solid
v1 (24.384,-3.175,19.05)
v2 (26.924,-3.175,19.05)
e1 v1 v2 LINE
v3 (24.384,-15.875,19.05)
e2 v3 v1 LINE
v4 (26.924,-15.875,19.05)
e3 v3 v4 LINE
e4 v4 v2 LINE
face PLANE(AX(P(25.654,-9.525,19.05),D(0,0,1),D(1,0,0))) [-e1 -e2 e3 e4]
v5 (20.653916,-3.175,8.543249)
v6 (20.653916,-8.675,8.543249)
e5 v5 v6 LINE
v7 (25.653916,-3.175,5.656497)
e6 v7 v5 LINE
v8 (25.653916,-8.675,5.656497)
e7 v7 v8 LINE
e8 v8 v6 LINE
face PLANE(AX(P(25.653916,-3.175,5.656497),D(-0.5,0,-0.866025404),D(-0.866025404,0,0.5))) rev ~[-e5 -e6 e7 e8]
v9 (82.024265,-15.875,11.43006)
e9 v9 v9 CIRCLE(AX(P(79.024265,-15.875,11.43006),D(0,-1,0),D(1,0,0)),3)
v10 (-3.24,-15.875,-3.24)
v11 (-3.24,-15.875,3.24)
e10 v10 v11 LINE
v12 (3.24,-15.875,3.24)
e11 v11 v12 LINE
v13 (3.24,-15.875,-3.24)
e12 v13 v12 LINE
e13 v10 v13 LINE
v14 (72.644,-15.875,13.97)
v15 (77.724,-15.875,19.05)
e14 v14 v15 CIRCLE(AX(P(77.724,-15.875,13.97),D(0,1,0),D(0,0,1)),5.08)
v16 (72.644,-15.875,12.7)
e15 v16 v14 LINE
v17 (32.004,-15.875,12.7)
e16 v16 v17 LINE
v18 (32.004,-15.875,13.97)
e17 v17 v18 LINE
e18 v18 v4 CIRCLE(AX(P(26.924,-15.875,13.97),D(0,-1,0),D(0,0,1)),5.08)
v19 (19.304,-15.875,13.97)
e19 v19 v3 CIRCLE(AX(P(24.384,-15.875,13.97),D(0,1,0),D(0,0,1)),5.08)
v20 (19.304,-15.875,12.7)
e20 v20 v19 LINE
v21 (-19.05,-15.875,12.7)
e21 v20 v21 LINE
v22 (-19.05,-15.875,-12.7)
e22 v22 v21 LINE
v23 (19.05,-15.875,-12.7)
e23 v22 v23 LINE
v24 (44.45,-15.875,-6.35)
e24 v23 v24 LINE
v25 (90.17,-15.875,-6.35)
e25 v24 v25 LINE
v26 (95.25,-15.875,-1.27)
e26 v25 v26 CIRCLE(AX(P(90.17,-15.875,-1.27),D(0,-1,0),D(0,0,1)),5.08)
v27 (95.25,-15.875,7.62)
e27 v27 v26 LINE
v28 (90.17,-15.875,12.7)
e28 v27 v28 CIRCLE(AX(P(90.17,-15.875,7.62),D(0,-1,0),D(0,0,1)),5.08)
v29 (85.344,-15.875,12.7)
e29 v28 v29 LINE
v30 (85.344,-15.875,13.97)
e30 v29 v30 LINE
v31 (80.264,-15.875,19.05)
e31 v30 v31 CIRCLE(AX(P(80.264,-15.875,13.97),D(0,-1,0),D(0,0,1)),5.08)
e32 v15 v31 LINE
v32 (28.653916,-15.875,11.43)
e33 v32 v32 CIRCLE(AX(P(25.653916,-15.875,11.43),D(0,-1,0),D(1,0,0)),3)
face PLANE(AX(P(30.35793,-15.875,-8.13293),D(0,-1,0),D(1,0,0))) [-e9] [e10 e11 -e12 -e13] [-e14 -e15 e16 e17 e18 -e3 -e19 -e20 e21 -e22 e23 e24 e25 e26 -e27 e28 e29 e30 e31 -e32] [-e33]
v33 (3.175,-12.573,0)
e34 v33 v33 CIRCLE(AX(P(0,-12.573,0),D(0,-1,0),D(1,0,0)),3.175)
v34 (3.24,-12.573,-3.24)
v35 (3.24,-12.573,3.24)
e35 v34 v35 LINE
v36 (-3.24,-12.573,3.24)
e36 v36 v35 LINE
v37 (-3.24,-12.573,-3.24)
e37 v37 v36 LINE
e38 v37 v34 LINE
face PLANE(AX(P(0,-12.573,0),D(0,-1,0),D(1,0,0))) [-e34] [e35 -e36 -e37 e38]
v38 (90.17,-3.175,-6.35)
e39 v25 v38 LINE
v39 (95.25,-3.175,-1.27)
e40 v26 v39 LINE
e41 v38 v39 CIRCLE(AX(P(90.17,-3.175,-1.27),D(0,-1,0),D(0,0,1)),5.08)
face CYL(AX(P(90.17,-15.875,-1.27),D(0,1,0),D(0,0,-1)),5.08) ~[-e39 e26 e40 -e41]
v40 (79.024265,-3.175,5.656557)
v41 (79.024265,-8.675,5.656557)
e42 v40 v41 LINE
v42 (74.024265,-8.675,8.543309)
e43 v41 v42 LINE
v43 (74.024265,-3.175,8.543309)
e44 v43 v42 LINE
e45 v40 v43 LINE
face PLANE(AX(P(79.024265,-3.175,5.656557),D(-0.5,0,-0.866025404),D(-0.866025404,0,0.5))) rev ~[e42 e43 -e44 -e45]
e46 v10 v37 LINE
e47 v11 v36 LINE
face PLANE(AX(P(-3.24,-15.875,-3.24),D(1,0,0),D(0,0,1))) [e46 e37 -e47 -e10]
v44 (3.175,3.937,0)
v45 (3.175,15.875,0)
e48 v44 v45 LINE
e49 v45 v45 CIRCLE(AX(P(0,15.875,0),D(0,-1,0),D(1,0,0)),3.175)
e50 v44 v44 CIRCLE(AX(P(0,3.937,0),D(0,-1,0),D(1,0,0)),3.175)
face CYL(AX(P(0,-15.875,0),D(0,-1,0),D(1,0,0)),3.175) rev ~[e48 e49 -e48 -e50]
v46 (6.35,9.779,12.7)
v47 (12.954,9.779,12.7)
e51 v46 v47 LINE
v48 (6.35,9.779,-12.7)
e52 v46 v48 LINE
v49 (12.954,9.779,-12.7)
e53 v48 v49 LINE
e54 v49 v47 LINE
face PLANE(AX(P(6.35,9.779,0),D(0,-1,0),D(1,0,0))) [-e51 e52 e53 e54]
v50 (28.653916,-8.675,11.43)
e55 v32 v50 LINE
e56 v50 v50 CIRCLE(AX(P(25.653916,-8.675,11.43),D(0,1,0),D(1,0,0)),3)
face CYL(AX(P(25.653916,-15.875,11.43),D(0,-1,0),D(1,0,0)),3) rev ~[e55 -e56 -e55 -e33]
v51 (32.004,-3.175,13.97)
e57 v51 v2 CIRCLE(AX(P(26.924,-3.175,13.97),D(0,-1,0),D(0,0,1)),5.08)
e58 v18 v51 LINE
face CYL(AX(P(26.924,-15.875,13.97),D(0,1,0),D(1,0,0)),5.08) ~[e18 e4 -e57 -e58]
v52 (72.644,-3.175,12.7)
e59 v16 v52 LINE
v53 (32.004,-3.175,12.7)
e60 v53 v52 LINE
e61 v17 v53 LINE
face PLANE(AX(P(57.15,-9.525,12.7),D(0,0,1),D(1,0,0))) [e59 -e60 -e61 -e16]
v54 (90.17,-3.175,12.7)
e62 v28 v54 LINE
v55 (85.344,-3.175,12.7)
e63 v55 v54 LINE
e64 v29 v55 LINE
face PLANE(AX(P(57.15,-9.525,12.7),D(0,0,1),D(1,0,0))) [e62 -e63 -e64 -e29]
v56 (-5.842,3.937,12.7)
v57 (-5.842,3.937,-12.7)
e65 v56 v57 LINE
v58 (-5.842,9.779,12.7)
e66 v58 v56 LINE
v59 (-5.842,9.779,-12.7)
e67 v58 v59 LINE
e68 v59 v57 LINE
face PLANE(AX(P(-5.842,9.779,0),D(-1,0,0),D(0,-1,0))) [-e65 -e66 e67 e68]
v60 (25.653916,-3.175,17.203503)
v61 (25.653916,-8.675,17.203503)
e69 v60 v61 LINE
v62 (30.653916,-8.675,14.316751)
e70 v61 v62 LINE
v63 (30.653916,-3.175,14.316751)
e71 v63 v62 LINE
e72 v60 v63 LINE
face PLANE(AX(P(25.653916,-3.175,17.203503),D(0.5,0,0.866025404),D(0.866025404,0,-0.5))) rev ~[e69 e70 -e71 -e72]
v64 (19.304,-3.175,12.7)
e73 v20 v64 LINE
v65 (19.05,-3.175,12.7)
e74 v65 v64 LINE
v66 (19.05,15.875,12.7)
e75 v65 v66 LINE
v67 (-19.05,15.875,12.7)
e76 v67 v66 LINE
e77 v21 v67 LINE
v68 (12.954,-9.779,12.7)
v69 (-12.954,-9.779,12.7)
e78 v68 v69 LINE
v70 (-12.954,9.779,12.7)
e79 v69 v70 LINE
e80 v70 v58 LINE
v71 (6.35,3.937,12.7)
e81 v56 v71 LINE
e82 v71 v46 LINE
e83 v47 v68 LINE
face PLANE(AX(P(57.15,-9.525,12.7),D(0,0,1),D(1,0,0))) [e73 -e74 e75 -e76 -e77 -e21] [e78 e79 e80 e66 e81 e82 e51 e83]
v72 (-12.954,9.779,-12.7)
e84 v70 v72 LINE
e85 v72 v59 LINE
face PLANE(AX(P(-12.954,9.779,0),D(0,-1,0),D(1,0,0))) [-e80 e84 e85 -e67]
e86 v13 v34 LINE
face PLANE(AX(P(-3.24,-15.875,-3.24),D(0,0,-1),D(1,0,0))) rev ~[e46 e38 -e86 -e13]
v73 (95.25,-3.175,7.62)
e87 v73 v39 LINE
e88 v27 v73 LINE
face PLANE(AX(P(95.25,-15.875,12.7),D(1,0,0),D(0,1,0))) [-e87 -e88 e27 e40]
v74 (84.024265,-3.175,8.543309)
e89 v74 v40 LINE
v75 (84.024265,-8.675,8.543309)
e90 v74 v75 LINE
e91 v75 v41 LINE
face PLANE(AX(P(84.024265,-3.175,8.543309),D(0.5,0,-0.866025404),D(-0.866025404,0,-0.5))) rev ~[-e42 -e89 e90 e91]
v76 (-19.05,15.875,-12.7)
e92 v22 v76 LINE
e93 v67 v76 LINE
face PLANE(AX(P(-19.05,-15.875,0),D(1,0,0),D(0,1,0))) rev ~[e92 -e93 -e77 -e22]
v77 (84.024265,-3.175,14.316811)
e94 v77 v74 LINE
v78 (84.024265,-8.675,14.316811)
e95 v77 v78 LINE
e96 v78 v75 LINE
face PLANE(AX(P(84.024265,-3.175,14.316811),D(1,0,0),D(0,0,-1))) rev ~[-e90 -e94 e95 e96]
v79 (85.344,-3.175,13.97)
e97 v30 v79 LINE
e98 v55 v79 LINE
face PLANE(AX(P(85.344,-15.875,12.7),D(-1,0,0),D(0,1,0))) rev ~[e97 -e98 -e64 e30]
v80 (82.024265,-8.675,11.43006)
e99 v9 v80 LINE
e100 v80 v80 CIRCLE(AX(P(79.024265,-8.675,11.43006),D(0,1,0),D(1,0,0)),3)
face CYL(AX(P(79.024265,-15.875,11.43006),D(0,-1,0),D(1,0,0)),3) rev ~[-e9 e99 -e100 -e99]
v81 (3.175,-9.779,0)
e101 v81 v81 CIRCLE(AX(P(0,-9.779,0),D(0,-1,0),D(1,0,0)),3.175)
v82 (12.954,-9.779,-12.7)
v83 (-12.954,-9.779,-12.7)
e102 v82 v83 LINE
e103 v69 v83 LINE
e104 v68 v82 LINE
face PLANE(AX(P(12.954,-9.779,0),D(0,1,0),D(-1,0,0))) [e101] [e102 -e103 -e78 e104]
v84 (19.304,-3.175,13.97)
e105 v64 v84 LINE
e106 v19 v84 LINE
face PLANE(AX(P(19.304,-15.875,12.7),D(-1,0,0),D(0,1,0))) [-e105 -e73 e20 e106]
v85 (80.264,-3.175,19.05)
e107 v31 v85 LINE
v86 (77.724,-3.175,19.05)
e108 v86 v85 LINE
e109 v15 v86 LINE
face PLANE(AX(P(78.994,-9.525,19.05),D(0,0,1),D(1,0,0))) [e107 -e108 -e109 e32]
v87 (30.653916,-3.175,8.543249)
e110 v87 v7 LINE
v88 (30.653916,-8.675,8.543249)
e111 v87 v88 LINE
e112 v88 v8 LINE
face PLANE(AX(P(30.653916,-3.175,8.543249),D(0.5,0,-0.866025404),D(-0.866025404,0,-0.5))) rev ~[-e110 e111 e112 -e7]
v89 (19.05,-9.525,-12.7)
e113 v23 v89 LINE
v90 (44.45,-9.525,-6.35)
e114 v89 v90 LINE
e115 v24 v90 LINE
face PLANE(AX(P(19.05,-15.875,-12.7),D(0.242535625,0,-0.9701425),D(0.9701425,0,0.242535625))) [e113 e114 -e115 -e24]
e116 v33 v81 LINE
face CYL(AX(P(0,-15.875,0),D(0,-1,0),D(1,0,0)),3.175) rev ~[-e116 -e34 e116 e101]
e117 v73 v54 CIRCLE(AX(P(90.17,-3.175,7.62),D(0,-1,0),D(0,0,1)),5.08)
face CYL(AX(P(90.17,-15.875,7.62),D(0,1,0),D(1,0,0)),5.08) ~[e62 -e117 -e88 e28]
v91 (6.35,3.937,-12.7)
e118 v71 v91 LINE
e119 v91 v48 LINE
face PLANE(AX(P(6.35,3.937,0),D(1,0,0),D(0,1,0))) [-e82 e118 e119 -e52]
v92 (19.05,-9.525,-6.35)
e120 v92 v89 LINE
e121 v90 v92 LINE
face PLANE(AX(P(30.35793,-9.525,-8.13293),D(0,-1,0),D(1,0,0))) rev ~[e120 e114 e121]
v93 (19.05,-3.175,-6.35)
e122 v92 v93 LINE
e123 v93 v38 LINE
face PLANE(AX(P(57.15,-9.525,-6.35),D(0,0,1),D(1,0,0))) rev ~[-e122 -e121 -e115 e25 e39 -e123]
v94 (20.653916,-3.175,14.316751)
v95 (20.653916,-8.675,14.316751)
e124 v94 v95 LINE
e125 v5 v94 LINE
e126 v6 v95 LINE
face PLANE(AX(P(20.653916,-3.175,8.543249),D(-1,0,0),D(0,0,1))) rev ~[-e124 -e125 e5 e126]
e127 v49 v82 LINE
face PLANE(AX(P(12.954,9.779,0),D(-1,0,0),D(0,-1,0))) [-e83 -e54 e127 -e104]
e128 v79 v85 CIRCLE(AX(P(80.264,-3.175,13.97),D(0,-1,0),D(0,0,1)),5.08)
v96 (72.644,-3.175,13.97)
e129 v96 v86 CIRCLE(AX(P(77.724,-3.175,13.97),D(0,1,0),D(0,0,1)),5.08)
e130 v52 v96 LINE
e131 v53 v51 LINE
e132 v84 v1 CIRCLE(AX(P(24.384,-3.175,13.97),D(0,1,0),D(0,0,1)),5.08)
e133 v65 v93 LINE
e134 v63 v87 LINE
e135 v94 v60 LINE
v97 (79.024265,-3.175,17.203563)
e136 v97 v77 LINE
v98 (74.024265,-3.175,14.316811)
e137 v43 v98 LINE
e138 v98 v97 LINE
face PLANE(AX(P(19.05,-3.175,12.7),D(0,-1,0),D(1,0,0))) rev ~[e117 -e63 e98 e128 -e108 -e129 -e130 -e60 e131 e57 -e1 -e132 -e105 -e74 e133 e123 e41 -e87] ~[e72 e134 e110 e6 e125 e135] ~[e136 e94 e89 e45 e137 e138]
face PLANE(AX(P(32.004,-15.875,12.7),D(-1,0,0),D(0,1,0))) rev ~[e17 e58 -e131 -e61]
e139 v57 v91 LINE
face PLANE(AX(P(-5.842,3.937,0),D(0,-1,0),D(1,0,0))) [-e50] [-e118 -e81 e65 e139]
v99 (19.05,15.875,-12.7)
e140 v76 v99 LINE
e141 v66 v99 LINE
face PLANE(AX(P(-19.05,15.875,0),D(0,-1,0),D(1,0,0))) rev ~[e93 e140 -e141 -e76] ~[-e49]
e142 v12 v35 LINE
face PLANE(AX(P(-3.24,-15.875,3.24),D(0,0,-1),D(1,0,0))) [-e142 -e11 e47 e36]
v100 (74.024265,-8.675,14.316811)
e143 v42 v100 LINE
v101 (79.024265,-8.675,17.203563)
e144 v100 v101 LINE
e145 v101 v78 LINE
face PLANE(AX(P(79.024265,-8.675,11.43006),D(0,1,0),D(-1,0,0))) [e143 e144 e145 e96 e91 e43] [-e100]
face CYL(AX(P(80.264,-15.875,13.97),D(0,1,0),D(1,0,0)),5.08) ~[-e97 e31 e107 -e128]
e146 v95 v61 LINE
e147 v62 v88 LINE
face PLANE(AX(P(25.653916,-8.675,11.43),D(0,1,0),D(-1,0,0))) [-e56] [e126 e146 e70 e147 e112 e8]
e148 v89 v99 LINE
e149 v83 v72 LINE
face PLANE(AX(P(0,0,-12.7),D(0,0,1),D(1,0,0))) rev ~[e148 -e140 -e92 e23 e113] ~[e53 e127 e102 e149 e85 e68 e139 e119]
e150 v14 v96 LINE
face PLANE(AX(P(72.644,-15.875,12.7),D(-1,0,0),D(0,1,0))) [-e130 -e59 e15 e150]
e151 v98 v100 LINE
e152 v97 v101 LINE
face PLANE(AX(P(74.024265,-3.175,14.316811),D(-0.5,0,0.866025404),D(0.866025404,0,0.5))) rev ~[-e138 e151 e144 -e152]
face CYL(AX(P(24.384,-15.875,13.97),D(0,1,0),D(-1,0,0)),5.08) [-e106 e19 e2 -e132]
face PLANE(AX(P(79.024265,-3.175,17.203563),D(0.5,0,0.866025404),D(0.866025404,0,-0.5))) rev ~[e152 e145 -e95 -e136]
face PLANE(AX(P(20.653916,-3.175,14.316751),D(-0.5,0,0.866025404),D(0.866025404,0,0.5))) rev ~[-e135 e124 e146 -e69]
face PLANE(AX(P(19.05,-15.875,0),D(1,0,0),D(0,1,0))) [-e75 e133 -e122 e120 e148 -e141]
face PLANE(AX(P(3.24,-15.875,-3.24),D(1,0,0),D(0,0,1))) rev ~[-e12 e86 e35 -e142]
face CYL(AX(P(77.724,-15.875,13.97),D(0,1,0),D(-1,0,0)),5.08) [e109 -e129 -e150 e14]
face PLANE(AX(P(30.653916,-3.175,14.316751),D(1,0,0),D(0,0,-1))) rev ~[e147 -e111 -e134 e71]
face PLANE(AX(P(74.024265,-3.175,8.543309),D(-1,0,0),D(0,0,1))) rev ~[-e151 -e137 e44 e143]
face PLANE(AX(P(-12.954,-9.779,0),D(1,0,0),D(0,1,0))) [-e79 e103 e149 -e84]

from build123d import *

# Parameters (mm, degrees)
F0_W      = 38.1
F0_H      = 31.75
F1_DEPTH  = 12.7
F2_R      = 3.175
F3_DEPTH  = 31.751
F4_W      = 6.48
F4_H      = 6.48
F5_DEPTH  = 3.302
F6_W      = 76.2
F6_H      = 12.7
F7_DEPTH  = 19.05
F9_DEPTH  = 6.35
F10_W     = 12.7
F10_H     = 12.7
F11_DEPTH = 6.35
F12_R     = 5.08
F13_R     = 3
F14_DEPTH = 31.751
F15_R     = 3
F16_DEPTH = 5.5
F17_R     = 5.08


with BuildPart() as f1:
    # F0 (on Top) → F1 (new body, symmetric)
    with BuildSketch(Plane.XY):
        Rectangle(F0_W, F0_H)
        Polygon((12.954, 9.779), (12.954, -9.779), (-12.954, -9.779), (-12.954, 9.779), (-5.842, 9.779), (-5.842, 3.937), (6.35, 3.937), (6.35, 9.779), align=None, mode=Mode.SUBTRACT)
    extrude(amount=F1_DEPTH, both=True)

    # F2 (on face) → F3 (cut, through all)
    with BuildSketch(Plane.XZ.offset(15.875)):
        Circle(F2_R)
    extrude(amount=-F3_DEPTH, mode=Mode.SUBTRACT)

    # F4 (on face) → F5 (cut)
    with BuildSketch(Plane.XZ.offset(15.875)):
        Rectangle(F4_W, F4_H)
    extrude(amount=-F5_DEPTH, mode=Mode.SUBTRACT)

    # F6 (on face) → F7 (join)
    with BuildSketch(Plane.XY.offset(12.7)):
        with Locations((57.15, -9.525)):
            Rectangle(F6_W, F6_H)
    extrude(amount=-F7_DEPTH)

    # F8 (on face) → F9 (join)
    with BuildSketch(Plane.XZ.offset(15.875)):
        Polygon((19.05, -6.35), (19.05, -12.7), (44.45, -6.35), align=None)
    extrude(amount=-F9_DEPTH)

    # F10 (on face) → F11 (join)
    with BuildSketch(Plane.XY.offset(12.7)):
        with Locations((25.654, -9.525)):
            Rectangle(F10_W, F10_H)
        with Locations((78.994, -9.525)):
            Rectangle(F10_W, F10_H)
    extrude(amount=F11_DEPTH)

    # F12
    f12_edges = [f1.edges().sort_by_distance(p)[0] for p in [
        (19.304, -9.525, 19.05),
        (32.004, -9.525, 19.05),
        (72.644, -9.525, 19.05),
        (85.344, -9.525, 19.05),
    ]]
    fillet(f12_edges, radius=F12_R)

    # F13 (on face) → F14 (cut, through all)
    with BuildSketch(Plane.XZ.offset(15.875)):
        with Locations((25.653916178, 11.4300000005)):
            Circle(F13_R)
        with Locations((79.0242652024, 11.4300601041)):
            Circle(F13_R)
    extrude(amount=-F14_DEPTH, mode=Mode.SUBTRACT)

    # F15 (on face) → F16 (cut)
    with BuildSketch(Plane(origin=(0, -3.175, 0), x_dir=(-1, 0, 0), z_dir=(0, 1, 0))):
        Polygon((-84.0242652024, 8.5433087581), (-79.0242652024, 5.6565574122), (-74.0242652024, 8.5433087581), (-74.0242652024, 14.31681145), (-79.0242652024, 17.203562796), (-84.0242652024, 14.31681145), align=None)
        with Locations((-79.0242652024, 11.4300601041)):
            Circle(F15_R, mode=Mode.SUBTRACT)
        Polygon((-30.653916178, 8.5432486545), (-25.653916178, 5.6564973086), (-20.653916178, 8.5432486545), (-20.653916178, 14.3167513464), (-25.653916178, 17.2035026924), (-30.653916178, 14.3167513464), align=None)
        with Locations((-25.653916178, 11.4300000005)):
            Circle(F15_R, mode=Mode.SUBTRACT)
    extrude(amount=-F16_DEPTH, mode=Mode.SUBTRACT)

    # F17
    f17_edges = [f1.edges().sort_by_distance(p)[0] for p in [
        (95.25, -9.525, 12.7),
        (95.25, -9.525, -6.35),
    ]]
    fillet(f17_edges, radius=F17_R)


solid = f1.part
